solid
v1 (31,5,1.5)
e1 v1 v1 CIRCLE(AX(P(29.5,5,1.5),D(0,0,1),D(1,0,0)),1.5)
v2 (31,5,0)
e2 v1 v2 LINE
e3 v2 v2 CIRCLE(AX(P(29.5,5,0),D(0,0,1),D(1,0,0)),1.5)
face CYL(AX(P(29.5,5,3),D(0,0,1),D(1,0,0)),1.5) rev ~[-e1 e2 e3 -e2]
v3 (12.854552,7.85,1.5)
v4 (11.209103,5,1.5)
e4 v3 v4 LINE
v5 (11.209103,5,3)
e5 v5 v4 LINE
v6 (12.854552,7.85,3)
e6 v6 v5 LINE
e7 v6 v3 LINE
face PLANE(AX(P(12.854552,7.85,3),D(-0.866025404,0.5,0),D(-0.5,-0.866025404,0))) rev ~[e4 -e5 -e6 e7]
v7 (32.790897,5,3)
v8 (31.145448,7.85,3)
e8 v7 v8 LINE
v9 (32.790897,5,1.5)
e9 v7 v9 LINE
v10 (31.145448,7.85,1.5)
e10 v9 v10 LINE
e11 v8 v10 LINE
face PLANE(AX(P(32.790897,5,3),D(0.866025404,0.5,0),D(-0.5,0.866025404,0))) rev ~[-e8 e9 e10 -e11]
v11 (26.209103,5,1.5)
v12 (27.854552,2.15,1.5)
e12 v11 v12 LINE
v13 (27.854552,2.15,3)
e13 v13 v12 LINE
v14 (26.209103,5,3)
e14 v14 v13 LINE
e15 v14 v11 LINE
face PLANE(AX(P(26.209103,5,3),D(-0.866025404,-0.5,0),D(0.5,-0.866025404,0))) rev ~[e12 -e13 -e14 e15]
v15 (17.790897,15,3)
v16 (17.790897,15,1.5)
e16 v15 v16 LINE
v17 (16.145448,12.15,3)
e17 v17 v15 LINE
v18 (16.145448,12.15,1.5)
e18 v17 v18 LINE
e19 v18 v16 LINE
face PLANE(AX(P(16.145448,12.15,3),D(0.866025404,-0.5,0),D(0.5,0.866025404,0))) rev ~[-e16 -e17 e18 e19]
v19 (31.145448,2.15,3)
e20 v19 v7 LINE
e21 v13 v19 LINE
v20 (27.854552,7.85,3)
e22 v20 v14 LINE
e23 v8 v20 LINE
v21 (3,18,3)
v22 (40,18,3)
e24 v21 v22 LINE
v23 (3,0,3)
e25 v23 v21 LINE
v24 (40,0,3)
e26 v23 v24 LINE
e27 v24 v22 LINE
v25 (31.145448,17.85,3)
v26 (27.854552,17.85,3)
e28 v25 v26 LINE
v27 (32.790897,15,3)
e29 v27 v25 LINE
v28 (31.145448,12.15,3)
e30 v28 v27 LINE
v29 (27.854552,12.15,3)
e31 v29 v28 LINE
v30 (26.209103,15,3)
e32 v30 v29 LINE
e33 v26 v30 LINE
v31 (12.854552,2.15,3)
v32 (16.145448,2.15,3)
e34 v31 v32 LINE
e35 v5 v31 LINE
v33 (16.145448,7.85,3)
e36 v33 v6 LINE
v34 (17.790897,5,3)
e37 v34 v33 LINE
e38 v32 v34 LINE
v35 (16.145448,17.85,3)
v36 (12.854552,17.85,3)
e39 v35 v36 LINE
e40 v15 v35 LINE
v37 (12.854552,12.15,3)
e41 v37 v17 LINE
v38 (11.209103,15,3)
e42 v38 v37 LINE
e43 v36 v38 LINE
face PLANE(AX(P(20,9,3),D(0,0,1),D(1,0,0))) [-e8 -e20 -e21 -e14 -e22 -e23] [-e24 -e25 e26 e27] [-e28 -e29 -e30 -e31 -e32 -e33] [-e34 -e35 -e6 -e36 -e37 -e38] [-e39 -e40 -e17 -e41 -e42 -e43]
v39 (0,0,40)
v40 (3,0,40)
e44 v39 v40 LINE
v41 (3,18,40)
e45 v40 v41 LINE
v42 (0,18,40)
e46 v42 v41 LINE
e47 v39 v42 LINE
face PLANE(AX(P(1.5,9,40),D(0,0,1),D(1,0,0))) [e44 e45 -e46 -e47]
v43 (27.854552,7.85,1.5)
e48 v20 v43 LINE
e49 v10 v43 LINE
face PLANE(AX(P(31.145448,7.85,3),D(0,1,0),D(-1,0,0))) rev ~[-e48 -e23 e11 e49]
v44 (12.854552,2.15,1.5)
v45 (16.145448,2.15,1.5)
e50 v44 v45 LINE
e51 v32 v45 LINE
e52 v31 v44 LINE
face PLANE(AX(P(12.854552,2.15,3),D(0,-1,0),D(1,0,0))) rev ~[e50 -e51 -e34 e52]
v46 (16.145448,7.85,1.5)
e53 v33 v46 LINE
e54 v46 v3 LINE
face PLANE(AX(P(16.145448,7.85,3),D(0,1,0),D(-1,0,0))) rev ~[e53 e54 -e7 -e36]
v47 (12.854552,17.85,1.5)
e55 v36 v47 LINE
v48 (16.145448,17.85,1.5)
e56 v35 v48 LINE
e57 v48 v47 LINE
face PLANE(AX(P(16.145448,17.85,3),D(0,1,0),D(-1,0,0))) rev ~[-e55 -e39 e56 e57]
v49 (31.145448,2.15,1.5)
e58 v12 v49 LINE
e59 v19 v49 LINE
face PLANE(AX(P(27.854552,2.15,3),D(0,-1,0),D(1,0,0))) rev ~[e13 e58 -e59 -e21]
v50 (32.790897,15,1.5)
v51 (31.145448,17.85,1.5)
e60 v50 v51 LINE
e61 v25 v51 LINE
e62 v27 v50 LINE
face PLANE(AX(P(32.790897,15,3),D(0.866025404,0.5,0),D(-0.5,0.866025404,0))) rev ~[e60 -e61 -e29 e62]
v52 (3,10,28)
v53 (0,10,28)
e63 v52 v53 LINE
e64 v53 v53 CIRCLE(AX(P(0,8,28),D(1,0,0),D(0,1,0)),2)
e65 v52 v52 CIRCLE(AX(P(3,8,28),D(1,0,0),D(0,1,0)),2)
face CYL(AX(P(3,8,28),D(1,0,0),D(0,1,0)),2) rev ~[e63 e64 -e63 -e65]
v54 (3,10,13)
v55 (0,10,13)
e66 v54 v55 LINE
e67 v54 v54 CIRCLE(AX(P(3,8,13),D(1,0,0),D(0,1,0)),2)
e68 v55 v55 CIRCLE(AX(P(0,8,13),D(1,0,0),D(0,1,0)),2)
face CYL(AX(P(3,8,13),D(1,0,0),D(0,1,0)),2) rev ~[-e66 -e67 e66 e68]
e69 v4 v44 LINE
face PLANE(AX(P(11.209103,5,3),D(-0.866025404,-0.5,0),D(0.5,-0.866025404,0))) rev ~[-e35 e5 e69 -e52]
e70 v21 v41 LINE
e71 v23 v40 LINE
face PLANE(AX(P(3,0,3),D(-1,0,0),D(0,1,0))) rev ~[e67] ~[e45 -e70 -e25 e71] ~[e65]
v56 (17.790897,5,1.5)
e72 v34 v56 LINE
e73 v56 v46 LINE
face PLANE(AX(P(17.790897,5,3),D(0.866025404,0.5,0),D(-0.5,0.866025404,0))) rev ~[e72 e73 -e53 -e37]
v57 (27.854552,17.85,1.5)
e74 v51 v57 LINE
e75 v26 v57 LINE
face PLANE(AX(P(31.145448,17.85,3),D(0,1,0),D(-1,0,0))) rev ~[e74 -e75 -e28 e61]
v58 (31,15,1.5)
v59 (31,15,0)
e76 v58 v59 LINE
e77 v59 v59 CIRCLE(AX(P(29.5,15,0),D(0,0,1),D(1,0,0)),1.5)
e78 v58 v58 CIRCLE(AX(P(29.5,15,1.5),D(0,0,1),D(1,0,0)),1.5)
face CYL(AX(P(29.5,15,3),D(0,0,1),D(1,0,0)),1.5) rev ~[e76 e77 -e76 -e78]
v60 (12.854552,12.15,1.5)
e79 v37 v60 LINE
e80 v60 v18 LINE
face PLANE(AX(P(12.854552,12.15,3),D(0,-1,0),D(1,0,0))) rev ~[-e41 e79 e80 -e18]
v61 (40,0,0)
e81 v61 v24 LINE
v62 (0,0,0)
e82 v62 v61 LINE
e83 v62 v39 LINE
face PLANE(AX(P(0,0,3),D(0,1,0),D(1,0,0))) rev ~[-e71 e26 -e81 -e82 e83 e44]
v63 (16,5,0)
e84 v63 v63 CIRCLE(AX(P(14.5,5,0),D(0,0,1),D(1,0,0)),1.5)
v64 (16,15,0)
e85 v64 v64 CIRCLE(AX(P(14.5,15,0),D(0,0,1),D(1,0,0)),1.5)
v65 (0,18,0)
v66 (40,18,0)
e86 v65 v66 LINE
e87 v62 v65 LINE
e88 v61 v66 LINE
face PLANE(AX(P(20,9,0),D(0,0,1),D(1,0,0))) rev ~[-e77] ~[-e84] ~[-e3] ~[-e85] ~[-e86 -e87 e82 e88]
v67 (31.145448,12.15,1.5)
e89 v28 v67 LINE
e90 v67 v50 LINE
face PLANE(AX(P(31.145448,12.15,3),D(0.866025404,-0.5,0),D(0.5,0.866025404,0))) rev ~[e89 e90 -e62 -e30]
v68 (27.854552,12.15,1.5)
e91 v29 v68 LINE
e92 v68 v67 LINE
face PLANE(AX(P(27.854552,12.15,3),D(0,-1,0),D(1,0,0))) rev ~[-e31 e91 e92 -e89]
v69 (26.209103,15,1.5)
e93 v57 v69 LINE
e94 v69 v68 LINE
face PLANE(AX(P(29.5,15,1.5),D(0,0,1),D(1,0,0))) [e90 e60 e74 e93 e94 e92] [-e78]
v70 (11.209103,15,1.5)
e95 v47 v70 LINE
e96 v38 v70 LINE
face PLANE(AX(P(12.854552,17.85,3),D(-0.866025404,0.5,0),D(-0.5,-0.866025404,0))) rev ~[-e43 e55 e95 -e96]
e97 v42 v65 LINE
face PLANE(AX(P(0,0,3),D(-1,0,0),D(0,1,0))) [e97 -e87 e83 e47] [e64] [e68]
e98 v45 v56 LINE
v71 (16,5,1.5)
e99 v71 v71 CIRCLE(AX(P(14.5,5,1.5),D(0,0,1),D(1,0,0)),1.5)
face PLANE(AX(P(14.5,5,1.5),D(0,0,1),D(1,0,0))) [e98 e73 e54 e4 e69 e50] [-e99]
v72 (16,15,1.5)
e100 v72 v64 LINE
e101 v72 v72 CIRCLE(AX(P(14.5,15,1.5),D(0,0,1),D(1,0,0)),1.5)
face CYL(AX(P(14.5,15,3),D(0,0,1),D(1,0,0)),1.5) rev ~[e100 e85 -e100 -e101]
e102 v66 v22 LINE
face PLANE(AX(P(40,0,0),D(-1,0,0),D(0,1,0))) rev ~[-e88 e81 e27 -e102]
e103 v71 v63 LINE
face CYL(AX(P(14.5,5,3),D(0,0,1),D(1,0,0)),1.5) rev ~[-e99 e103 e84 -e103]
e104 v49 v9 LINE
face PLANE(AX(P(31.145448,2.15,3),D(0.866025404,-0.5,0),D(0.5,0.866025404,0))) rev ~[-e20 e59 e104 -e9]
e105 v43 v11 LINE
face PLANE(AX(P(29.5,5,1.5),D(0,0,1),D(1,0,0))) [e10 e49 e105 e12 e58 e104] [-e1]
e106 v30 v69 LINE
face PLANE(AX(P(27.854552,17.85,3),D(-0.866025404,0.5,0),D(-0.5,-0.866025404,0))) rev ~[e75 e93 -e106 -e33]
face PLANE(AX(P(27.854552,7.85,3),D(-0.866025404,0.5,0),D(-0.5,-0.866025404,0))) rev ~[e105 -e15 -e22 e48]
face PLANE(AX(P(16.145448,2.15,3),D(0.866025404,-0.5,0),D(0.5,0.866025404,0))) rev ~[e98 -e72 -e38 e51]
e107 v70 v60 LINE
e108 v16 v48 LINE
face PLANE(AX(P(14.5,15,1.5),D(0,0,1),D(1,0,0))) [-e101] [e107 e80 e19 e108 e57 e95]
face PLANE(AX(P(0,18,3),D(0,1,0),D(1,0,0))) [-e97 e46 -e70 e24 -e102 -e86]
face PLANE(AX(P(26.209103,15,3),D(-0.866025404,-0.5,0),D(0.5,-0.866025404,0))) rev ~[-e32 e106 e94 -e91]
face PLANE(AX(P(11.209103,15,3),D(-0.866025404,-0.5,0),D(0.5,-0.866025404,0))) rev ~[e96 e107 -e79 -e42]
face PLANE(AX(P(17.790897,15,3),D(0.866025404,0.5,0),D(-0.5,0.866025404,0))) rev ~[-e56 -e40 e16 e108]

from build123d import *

# Parameters (mm, degrees)
ESQUISSE1_W             = 40
ESQUISSE1_H             = 18
BOSS_EXTRU_1_DEPTH      = 3
ESQUISSE2_W             = 3
ESQUISSE2_H             = 18
BOSS_EXTRU_2_DEPTH      = 37
ESQUISSE3_R             = 1.5
ENL_V_MAT_EXTRU_1_DEPTH = 58.384666942
ESQUISSE4_R             = 2
ENL_V_MAT_EXTRU_2_DEPTH = 58.384666942
ENL_V_MAT_EXTRU_3_DEPTH = 1.5


with BuildPart() as part:
    # Esquisse1 → Boss.-Extru.1 (new body)
    with BuildSketch(Plane.XY):
        with Locations((20, 9)):
            Rectangle(ESQUISSE1_W, ESQUISSE1_H)
    extrude(amount=BOSS_EXTRU_1_DEPTH)

    # Esquisse2 → Boss.-Extru.2 (add)
    with BuildSketch(Plane.XY.offset(3)):
        with Locations((1.5, 9)):
            Rectangle(ESQUISSE2_W, ESQUISSE2_H)
    extrude(amount=BOSS_EXTRU_2_DEPTH)

    # Esquisse3 → Enlèv. mat.-Extru.1 (cut, through all)
    with BuildSketch(Plane.XY.offset(3)):
        with Locations((14.5, 15)):
            Circle(ESQUISSE3_R)
        with Locations((29.5, 15)):
            Circle(ESQUISSE3_R)
        with Locations((14.5, 5)):
            Circle(ESQUISSE3_R)
        with Locations((29.5, 5)):
            Circle(ESQUISSE3_R)
    extrude(amount=-ENL_V_MAT_EXTRU_1_DEPTH, mode=Mode.SUBTRACT)

    # Esquisse4 → Enlèv. mat.-Extru.2 (cut, through all)
    with BuildSketch(Plane(origin=(3, 0, 0), x_dir=(0, 0, -1), z_dir=(1, 0, 0))):
        with Locations(Location((-28, 8, 0), (0, 0, 90))):
            Circle(ESQUISSE4_R)
        with Locations(Location((-13, 8, 0), (0, 0, 90))):
            Circle(ESQUISSE4_R)
    extrude(amount=-ENL_V_MAT_EXTRU_2_DEPTH, mode=Mode.SUBTRACT)

    # Esquisse5 → Enlèv. mat.-Extru.3 (cut)
    with BuildSketch(Plane.XY.offset(3)):
        Polygon((12.854551733, 7.85), (11.209103466, 5), (12.854551733, 2.15), (16.145448267, 2.15), (17.790896534, 5), (16.145448267, 7.85), align=None)
        Polygon((27.854551733, 17.85), (26.209103466, 15), (27.854551733, 12.15), (31.145448267, 12.15), (32.790896534, 15), (31.145448267, 17.85), align=None)
        Polygon((27.854551733, 7.85), (26.209103466, 5), (27.854551733, 2.15), (31.145448267, 2.15), (32.790896534, 5), (31.145448267, 7.85), align=None)
        Polygon((12.854551733, 17.85), (11.209103466, 15), (12.854551733, 12.15), (16.145448267, 12.15), (17.790896534, 15), (16.145448267, 17.85), align=None)
    extrude(amount=-ENL_V_MAT_EXTRU_3_DEPTH, mode=Mode.SUBTRACT)


solid = part.part
